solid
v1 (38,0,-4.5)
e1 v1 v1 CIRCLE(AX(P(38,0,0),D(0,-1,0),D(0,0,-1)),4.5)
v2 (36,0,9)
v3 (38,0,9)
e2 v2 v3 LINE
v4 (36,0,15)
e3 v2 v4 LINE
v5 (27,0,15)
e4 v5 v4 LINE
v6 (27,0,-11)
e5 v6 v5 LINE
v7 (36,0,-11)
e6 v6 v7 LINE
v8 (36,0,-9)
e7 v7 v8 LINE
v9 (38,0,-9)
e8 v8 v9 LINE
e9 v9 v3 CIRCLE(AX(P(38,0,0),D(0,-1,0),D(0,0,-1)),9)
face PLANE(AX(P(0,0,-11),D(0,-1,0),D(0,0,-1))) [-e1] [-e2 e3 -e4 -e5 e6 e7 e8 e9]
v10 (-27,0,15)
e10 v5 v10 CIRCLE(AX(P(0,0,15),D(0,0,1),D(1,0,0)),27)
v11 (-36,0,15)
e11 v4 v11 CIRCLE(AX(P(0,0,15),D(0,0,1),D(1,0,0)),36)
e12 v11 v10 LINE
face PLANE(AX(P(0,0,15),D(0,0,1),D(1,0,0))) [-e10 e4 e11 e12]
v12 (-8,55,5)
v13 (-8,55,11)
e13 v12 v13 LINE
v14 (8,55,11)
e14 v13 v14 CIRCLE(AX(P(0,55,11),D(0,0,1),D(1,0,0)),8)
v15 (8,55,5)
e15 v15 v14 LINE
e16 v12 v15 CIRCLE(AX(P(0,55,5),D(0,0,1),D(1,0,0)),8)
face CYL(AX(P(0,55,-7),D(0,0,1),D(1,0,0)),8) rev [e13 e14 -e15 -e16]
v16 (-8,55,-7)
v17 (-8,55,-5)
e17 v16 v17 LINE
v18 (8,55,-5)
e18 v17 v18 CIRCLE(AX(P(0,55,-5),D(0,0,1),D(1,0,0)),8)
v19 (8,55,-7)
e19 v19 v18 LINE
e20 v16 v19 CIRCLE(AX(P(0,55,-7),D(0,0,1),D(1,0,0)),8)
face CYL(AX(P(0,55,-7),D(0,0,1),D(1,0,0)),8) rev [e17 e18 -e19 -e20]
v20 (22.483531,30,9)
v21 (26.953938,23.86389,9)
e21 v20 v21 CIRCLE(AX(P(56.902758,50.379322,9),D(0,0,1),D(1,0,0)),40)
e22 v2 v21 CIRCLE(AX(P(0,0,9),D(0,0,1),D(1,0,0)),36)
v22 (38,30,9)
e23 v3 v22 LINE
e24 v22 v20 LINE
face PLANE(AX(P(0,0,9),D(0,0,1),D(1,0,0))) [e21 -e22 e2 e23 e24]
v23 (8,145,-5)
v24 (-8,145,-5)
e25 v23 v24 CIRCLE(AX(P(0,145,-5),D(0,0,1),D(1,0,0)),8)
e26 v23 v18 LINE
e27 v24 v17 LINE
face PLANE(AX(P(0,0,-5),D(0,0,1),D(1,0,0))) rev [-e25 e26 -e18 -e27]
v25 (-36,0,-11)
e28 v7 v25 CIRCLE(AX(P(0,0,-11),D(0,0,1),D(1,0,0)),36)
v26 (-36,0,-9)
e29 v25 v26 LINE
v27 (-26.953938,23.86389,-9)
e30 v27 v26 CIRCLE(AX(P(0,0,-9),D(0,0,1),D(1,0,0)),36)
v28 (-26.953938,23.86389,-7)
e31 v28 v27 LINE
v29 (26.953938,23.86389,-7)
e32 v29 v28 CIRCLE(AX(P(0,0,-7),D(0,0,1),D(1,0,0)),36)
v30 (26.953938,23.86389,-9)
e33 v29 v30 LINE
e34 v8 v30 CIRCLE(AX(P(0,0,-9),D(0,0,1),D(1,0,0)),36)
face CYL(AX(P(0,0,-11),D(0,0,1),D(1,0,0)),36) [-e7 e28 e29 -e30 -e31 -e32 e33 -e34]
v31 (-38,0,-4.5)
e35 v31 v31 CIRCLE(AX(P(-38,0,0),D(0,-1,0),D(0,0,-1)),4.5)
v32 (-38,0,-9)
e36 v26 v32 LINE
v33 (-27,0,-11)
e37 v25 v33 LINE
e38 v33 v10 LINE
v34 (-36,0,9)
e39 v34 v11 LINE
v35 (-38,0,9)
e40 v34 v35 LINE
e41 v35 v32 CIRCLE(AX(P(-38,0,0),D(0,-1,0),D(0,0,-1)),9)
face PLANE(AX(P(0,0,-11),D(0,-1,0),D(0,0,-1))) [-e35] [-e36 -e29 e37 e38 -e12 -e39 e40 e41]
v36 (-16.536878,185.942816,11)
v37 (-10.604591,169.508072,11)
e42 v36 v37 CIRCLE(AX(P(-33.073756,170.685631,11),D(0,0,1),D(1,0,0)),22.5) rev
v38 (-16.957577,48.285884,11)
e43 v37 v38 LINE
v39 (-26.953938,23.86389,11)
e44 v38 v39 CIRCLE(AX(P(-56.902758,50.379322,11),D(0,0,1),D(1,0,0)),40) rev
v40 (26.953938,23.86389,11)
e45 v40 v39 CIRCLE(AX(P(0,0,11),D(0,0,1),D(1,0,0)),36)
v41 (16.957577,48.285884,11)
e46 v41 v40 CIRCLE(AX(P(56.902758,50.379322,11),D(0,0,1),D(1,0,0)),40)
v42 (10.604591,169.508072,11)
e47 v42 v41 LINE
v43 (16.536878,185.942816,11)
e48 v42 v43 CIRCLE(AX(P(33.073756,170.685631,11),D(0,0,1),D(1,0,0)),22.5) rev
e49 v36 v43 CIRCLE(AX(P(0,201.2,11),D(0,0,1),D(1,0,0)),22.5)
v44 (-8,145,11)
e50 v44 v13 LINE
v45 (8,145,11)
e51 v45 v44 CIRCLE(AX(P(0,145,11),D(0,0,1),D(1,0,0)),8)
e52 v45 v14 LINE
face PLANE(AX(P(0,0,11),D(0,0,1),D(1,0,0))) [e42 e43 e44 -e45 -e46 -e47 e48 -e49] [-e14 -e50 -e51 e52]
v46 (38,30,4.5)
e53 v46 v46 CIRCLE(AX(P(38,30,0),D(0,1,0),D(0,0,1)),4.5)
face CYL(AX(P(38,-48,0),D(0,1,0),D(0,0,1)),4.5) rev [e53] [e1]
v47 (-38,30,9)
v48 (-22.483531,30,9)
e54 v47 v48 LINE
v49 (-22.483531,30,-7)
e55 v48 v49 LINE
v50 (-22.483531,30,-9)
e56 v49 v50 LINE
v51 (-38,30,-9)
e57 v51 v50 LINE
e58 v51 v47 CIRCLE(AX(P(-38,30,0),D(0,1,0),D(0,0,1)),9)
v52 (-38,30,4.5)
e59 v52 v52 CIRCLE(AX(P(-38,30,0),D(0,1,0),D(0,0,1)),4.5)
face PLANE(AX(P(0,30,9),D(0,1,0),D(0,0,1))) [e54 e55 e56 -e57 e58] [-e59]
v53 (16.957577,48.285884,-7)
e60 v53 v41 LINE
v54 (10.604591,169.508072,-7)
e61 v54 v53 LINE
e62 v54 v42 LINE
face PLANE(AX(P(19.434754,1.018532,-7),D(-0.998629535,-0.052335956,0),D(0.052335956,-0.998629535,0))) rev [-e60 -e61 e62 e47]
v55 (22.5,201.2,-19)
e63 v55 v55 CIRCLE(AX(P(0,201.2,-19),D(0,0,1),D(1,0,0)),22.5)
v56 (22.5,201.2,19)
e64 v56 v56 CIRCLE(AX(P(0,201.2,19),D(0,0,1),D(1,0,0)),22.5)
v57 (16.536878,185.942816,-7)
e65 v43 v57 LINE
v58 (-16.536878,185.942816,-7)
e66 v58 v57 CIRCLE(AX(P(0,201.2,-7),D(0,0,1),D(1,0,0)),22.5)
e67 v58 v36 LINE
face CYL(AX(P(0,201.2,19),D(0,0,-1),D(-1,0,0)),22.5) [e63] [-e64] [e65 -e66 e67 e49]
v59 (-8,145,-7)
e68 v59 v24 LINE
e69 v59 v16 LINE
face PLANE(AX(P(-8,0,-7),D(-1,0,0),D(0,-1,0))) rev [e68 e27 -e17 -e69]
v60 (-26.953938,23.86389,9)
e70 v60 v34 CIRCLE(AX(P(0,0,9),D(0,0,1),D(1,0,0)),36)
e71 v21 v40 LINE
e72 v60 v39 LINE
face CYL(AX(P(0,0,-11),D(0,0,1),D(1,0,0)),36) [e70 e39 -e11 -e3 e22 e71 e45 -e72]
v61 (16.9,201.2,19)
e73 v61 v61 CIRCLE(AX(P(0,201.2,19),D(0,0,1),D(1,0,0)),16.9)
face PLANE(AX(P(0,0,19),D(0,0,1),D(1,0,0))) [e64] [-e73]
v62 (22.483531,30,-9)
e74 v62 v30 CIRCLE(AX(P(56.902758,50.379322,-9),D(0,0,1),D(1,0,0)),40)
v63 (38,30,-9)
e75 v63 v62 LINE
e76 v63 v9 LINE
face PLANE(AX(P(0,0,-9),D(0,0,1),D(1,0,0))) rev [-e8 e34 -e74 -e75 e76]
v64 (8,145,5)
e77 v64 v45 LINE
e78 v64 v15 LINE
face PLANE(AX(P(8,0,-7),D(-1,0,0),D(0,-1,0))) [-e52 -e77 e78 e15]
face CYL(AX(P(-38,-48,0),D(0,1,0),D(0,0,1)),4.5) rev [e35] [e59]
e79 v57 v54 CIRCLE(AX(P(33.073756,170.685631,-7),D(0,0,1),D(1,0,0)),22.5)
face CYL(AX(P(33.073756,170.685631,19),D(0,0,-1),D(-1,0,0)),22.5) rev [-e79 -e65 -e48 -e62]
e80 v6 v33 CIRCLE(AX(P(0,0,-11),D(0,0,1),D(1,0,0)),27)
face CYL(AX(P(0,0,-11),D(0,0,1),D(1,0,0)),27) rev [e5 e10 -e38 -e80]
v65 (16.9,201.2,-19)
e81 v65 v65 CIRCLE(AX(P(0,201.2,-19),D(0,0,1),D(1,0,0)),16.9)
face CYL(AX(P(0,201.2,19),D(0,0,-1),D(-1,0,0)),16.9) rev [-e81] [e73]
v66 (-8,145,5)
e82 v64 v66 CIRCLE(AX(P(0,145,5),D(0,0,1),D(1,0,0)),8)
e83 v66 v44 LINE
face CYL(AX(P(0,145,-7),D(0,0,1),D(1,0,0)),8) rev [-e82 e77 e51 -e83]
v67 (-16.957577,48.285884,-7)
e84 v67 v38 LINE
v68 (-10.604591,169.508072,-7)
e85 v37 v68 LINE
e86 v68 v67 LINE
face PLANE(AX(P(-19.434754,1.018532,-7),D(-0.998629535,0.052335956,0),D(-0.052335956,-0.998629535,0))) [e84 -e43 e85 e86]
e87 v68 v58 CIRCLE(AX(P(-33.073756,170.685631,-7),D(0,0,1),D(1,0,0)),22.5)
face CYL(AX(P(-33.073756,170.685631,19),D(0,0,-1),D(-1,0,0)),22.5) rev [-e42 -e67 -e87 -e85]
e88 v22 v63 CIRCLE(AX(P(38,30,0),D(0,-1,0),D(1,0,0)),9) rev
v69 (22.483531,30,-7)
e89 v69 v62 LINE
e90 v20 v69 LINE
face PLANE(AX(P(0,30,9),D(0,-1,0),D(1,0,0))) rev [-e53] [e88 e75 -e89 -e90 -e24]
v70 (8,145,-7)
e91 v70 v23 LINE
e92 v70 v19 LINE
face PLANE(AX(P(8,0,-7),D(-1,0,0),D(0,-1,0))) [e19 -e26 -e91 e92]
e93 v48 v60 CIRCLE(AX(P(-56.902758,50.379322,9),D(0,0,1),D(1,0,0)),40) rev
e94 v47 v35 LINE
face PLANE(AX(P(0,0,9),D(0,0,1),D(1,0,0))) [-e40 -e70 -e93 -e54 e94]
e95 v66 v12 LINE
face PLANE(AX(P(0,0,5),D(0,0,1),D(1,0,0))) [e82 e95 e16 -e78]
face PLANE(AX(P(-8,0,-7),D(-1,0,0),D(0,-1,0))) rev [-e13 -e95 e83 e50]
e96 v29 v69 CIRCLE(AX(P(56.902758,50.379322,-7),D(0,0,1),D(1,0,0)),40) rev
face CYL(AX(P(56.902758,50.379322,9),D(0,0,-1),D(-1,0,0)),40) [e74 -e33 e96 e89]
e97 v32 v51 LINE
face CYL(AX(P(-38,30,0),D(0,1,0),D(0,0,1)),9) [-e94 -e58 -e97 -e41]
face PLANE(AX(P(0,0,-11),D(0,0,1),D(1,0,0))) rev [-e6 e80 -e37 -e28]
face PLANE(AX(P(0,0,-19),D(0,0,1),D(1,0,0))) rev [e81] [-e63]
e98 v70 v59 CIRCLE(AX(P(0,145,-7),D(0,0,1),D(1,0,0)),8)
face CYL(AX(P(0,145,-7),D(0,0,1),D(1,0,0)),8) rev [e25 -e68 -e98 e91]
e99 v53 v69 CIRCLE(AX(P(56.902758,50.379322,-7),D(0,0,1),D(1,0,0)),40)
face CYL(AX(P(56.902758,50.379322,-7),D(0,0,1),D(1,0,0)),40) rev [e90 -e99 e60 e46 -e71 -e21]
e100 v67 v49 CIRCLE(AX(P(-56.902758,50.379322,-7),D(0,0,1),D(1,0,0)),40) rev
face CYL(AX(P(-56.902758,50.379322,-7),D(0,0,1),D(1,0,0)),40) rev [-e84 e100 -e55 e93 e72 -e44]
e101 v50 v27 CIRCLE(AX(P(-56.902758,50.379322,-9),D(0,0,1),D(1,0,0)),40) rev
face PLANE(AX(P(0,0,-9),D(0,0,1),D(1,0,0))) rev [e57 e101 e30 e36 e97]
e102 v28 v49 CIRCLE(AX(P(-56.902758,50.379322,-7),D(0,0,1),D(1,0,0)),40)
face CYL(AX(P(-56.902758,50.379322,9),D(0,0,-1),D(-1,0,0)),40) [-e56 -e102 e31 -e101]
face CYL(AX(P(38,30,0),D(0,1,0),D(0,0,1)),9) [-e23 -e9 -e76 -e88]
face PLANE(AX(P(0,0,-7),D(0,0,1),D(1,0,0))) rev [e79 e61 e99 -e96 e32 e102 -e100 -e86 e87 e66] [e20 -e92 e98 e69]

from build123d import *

# Parameters (mm, degrees)
SKETCH1_R                = 22.5
SKETCH1_R_2              = 16.9
BOSS_EXTRUDE1_DEPTH      = 19
BOSS_EXTRUDE2_DEPTH      = 11
BOSS_EXTRUDE2_DEPTH_BACK = 7
BOSS_EXTRUDE3_DEPTH      = 15
BOSS_EXTRUDE3_DEPTH_BACK = 11
BOSS_EXTRUDE4_DEPTH      = 9
FILLET1_RADIUS           = 9
FILLET1_LENGTH           = 30
FILLET2_RADIUS           = 9
FILLET2_LENGTH           = 30
SKETCH2_R                = 4.5
CUT_EXTRUDE1_DEPTH       = 78
FILLET5_R                = 22.5
BOSS_EXTRUDE5_DEPTH      = 5


with BuildPart() as part:
    # Sketch1 → Boss-Extrude1 (new, symmetric)
    with BuildSketch(Plane.XY):
        with Locations((0, 201.2)):
            Circle(SKETCH1_R)
        with Locations((0, 201.2)):
            Circle(SKETCH1_R_2, mode=Mode.SUBTRACT)
    extrude(amount=BOSS_EXTRUDE1_DEPTH, both=True)

    # Sketch1<3> → Boss-Extrude2 (add, two sides: drawn at the far end of the back side and taken through both)
    with BuildSketch(Plane.XY.offset(-BOSS_EXTRUDE2_DEPTH_BACK)):
        with BuildLine():
            ThreePointArc((-22.483530605, 30), (-24.572828472, 26.825646402), (-26.953938029, 23.863889556))
            ThreePointArc((-26.953938029, 23.863889556), (0, 36), (26.953938029, 23.863889556))
            ThreePointArc((26.953938029, 23.863889556), (24.572828472, 26.825646402), (22.483530605, 30))
            ThreePointArc((22.483530605, 30), (18.612945898, 38.808225452), (16.957576671, 48.285884145))
            Line((16.957576671, 48.285884145), (10, 181.044355629))
            ThreePointArc((10, 181.044355629), (0, 178.7), (-10, 181.044355629))
            Line((-10, 181.044355629), (-16.957576671, 48.285884145))
            ThreePointArc((-16.957576671, 48.285884145), (-18.612945898, 38.808225452), (-22.483530605, 30))
        make_face()
        with BuildLine():
            ThreePointArc((-8, 145), (0, 153), (8, 145))
            Line((8, 145), (8, 55))
            ThreePointArc((8, 55), (0, 47), (-8, 55))
            Line((-8, 55), (-8, 145))
        make_face(mode=Mode.SUBTRACT)
    extrude(amount=BOSS_EXTRUDE2_DEPTH + BOSS_EXTRUDE2_DEPTH_BACK)

    # Sketch1<4> → Boss-Extrude3 (add, two sides: drawn at the far end of the back side and taken through both)
    with BuildSketch(Plane.XY.offset(-BOSS_EXTRUDE3_DEPTH_BACK)):
        with BuildLine():
            ThreePointArc((-26.953938029, 23.863889556), (-33.66260365, 12.760451225), (-36, 0))
            Line((-36, 0), (-27, 0))
            ThreePointArc((-27, 0), (0, 27), (27, 0))
            Line((27, 0), (36, 0))
            ThreePointArc((36, 0), (33.66260365, 12.760451225), (26.953938029, 23.863889556))
            ThreePointArc((26.953938029, 23.863889556), (0, 36), (-26.953938029, 23.863889556))
        make_face()
    extrude(amount=BOSS_EXTRUDE3_DEPTH + BOSS_EXTRUDE3_DEPTH_BACK)

    # Sketch1<6> → Boss-Extrude4 (add, symmetric)
    with BuildSketch(Plane.XY):
        with BuildLine():
            Line((-47, 0), (-36, 0))
            ThreePointArc((-36, 0), (-33.66260365, 12.760451225), (-26.953938029, 23.863889556))
            ThreePointArc((-26.953938029, 23.863889556), (-24.572828472, 26.825646402), (-22.483530605, 30))
            Line((-22.483530605, 30), (-47, 30))
            Line((-47, 30), (-47, 0))
        make_face()
        with BuildLine():
            ThreePointArc((22.483530605, 30), (24.572828472, 26.825646402), (26.953938029, 23.863889556))
            ThreePointArc((26.953938029, 23.863889556), (33.66260365, 12.760451225), (36, 0))
            Line((36, 0), (47, 0))
            Line((47, 0), (47, 30))
            Line((47, 30), (22.483530605, 30))
        make_face()
    extrude(amount=BOSS_EXTRUDE4_DEPTH, both=True)

    # Fillet1: full round fillet: the end face becomes a half cylinder, R = half its width
    fillet1_face = Plane((47, 15, 0), x_dir=(0, 1, 0), z_dir=(1, 0, 0))  # on the end face: x along it, z out of the body
    fillet1_slab = fillet1_face.offset(-FILLET1_RADIUS / 2) * Box(FILLET1_LENGTH, 2 * FILLET1_RADIUS, FILLET1_RADIUS, mode=Mode.PRIVATE)  # the body's end, R deep
    fillet1_round = Plane((38, 15, 0), x_dir=(1, 0, 0), z_dir=(0, 1, 0)) * Cylinder(FILLET1_RADIUS, FILLET1_LENGTH, mode=Mode.PRIVATE)  # its axis R under the face
    add(fillet1_slab - fillet1_round, mode=Mode.SUBTRACT)

    # Fillet2: full round fillet: the end face becomes a half cylinder, R = half its width
    fillet2_face = Plane((-47, 15, 0), x_dir=(0, 1, 0), z_dir=(-1, 0, 0))  # on the end face: x along it, z out of the body
    fillet2_slab = fillet2_face.offset(-FILLET2_RADIUS / 2) * Box(FILLET2_LENGTH, 2 * FILLET2_RADIUS, FILLET2_RADIUS, mode=Mode.PRIVATE)  # the body's end, R deep
    fillet2_round = Plane((-38, 15, 0), x_dir=(-1, 0, 0), z_dir=(0, 1, 0)) * Cylinder(FILLET2_RADIUS, FILLET2_LENGTH, mode=Mode.PRIVATE)  # its axis R under the face
    add(fillet2_slab - fillet2_round, mode=Mode.SUBTRACT)

    # Sketch2 → Cut-Extrude1 (cut)
    with BuildSketch(Plane(origin=(0, 30, 0), x_dir=(1, 0, 0), z_dir=(0, 1, 0))):
        with Locations(Location((38, 0, 0), (0, 0, 270))):
            Circle(SKETCH2_R)
        with Locations(Location((-38, 0, 0), (0, 0, 270))):
            Circle(SKETCH2_R)
    extrude(amount=-CUT_EXTRUDE1_DEPTH, mode=Mode.SUBTRACT)

    # Fillet5
    fillet5_edges = [part.edges().sort_by_distance(p)[0] for p in [
        (-10, 181.044355629, 2),
        (10, 181.044355629, 2),
    ]]
    fillet(fillet5_edges, radius=FILLET5_R)

    # Sketch1<7> → Boss-Extrude5 (add, symmetric)
    with BuildSketch(Plane.XY):
        with BuildLine():
            Line((-8, 145), (-8, 55))
            ThreePointArc((-8, 55), (0, 47), (8, 55))
            Line((8, 55), (8, 145))
            ThreePointArc((8, 145), (0, 153), (-8, 145))
        make_face()
    extrude(amount=BOSS_EXTRUDE5_DEPTH, both=True)


solid = part.part
